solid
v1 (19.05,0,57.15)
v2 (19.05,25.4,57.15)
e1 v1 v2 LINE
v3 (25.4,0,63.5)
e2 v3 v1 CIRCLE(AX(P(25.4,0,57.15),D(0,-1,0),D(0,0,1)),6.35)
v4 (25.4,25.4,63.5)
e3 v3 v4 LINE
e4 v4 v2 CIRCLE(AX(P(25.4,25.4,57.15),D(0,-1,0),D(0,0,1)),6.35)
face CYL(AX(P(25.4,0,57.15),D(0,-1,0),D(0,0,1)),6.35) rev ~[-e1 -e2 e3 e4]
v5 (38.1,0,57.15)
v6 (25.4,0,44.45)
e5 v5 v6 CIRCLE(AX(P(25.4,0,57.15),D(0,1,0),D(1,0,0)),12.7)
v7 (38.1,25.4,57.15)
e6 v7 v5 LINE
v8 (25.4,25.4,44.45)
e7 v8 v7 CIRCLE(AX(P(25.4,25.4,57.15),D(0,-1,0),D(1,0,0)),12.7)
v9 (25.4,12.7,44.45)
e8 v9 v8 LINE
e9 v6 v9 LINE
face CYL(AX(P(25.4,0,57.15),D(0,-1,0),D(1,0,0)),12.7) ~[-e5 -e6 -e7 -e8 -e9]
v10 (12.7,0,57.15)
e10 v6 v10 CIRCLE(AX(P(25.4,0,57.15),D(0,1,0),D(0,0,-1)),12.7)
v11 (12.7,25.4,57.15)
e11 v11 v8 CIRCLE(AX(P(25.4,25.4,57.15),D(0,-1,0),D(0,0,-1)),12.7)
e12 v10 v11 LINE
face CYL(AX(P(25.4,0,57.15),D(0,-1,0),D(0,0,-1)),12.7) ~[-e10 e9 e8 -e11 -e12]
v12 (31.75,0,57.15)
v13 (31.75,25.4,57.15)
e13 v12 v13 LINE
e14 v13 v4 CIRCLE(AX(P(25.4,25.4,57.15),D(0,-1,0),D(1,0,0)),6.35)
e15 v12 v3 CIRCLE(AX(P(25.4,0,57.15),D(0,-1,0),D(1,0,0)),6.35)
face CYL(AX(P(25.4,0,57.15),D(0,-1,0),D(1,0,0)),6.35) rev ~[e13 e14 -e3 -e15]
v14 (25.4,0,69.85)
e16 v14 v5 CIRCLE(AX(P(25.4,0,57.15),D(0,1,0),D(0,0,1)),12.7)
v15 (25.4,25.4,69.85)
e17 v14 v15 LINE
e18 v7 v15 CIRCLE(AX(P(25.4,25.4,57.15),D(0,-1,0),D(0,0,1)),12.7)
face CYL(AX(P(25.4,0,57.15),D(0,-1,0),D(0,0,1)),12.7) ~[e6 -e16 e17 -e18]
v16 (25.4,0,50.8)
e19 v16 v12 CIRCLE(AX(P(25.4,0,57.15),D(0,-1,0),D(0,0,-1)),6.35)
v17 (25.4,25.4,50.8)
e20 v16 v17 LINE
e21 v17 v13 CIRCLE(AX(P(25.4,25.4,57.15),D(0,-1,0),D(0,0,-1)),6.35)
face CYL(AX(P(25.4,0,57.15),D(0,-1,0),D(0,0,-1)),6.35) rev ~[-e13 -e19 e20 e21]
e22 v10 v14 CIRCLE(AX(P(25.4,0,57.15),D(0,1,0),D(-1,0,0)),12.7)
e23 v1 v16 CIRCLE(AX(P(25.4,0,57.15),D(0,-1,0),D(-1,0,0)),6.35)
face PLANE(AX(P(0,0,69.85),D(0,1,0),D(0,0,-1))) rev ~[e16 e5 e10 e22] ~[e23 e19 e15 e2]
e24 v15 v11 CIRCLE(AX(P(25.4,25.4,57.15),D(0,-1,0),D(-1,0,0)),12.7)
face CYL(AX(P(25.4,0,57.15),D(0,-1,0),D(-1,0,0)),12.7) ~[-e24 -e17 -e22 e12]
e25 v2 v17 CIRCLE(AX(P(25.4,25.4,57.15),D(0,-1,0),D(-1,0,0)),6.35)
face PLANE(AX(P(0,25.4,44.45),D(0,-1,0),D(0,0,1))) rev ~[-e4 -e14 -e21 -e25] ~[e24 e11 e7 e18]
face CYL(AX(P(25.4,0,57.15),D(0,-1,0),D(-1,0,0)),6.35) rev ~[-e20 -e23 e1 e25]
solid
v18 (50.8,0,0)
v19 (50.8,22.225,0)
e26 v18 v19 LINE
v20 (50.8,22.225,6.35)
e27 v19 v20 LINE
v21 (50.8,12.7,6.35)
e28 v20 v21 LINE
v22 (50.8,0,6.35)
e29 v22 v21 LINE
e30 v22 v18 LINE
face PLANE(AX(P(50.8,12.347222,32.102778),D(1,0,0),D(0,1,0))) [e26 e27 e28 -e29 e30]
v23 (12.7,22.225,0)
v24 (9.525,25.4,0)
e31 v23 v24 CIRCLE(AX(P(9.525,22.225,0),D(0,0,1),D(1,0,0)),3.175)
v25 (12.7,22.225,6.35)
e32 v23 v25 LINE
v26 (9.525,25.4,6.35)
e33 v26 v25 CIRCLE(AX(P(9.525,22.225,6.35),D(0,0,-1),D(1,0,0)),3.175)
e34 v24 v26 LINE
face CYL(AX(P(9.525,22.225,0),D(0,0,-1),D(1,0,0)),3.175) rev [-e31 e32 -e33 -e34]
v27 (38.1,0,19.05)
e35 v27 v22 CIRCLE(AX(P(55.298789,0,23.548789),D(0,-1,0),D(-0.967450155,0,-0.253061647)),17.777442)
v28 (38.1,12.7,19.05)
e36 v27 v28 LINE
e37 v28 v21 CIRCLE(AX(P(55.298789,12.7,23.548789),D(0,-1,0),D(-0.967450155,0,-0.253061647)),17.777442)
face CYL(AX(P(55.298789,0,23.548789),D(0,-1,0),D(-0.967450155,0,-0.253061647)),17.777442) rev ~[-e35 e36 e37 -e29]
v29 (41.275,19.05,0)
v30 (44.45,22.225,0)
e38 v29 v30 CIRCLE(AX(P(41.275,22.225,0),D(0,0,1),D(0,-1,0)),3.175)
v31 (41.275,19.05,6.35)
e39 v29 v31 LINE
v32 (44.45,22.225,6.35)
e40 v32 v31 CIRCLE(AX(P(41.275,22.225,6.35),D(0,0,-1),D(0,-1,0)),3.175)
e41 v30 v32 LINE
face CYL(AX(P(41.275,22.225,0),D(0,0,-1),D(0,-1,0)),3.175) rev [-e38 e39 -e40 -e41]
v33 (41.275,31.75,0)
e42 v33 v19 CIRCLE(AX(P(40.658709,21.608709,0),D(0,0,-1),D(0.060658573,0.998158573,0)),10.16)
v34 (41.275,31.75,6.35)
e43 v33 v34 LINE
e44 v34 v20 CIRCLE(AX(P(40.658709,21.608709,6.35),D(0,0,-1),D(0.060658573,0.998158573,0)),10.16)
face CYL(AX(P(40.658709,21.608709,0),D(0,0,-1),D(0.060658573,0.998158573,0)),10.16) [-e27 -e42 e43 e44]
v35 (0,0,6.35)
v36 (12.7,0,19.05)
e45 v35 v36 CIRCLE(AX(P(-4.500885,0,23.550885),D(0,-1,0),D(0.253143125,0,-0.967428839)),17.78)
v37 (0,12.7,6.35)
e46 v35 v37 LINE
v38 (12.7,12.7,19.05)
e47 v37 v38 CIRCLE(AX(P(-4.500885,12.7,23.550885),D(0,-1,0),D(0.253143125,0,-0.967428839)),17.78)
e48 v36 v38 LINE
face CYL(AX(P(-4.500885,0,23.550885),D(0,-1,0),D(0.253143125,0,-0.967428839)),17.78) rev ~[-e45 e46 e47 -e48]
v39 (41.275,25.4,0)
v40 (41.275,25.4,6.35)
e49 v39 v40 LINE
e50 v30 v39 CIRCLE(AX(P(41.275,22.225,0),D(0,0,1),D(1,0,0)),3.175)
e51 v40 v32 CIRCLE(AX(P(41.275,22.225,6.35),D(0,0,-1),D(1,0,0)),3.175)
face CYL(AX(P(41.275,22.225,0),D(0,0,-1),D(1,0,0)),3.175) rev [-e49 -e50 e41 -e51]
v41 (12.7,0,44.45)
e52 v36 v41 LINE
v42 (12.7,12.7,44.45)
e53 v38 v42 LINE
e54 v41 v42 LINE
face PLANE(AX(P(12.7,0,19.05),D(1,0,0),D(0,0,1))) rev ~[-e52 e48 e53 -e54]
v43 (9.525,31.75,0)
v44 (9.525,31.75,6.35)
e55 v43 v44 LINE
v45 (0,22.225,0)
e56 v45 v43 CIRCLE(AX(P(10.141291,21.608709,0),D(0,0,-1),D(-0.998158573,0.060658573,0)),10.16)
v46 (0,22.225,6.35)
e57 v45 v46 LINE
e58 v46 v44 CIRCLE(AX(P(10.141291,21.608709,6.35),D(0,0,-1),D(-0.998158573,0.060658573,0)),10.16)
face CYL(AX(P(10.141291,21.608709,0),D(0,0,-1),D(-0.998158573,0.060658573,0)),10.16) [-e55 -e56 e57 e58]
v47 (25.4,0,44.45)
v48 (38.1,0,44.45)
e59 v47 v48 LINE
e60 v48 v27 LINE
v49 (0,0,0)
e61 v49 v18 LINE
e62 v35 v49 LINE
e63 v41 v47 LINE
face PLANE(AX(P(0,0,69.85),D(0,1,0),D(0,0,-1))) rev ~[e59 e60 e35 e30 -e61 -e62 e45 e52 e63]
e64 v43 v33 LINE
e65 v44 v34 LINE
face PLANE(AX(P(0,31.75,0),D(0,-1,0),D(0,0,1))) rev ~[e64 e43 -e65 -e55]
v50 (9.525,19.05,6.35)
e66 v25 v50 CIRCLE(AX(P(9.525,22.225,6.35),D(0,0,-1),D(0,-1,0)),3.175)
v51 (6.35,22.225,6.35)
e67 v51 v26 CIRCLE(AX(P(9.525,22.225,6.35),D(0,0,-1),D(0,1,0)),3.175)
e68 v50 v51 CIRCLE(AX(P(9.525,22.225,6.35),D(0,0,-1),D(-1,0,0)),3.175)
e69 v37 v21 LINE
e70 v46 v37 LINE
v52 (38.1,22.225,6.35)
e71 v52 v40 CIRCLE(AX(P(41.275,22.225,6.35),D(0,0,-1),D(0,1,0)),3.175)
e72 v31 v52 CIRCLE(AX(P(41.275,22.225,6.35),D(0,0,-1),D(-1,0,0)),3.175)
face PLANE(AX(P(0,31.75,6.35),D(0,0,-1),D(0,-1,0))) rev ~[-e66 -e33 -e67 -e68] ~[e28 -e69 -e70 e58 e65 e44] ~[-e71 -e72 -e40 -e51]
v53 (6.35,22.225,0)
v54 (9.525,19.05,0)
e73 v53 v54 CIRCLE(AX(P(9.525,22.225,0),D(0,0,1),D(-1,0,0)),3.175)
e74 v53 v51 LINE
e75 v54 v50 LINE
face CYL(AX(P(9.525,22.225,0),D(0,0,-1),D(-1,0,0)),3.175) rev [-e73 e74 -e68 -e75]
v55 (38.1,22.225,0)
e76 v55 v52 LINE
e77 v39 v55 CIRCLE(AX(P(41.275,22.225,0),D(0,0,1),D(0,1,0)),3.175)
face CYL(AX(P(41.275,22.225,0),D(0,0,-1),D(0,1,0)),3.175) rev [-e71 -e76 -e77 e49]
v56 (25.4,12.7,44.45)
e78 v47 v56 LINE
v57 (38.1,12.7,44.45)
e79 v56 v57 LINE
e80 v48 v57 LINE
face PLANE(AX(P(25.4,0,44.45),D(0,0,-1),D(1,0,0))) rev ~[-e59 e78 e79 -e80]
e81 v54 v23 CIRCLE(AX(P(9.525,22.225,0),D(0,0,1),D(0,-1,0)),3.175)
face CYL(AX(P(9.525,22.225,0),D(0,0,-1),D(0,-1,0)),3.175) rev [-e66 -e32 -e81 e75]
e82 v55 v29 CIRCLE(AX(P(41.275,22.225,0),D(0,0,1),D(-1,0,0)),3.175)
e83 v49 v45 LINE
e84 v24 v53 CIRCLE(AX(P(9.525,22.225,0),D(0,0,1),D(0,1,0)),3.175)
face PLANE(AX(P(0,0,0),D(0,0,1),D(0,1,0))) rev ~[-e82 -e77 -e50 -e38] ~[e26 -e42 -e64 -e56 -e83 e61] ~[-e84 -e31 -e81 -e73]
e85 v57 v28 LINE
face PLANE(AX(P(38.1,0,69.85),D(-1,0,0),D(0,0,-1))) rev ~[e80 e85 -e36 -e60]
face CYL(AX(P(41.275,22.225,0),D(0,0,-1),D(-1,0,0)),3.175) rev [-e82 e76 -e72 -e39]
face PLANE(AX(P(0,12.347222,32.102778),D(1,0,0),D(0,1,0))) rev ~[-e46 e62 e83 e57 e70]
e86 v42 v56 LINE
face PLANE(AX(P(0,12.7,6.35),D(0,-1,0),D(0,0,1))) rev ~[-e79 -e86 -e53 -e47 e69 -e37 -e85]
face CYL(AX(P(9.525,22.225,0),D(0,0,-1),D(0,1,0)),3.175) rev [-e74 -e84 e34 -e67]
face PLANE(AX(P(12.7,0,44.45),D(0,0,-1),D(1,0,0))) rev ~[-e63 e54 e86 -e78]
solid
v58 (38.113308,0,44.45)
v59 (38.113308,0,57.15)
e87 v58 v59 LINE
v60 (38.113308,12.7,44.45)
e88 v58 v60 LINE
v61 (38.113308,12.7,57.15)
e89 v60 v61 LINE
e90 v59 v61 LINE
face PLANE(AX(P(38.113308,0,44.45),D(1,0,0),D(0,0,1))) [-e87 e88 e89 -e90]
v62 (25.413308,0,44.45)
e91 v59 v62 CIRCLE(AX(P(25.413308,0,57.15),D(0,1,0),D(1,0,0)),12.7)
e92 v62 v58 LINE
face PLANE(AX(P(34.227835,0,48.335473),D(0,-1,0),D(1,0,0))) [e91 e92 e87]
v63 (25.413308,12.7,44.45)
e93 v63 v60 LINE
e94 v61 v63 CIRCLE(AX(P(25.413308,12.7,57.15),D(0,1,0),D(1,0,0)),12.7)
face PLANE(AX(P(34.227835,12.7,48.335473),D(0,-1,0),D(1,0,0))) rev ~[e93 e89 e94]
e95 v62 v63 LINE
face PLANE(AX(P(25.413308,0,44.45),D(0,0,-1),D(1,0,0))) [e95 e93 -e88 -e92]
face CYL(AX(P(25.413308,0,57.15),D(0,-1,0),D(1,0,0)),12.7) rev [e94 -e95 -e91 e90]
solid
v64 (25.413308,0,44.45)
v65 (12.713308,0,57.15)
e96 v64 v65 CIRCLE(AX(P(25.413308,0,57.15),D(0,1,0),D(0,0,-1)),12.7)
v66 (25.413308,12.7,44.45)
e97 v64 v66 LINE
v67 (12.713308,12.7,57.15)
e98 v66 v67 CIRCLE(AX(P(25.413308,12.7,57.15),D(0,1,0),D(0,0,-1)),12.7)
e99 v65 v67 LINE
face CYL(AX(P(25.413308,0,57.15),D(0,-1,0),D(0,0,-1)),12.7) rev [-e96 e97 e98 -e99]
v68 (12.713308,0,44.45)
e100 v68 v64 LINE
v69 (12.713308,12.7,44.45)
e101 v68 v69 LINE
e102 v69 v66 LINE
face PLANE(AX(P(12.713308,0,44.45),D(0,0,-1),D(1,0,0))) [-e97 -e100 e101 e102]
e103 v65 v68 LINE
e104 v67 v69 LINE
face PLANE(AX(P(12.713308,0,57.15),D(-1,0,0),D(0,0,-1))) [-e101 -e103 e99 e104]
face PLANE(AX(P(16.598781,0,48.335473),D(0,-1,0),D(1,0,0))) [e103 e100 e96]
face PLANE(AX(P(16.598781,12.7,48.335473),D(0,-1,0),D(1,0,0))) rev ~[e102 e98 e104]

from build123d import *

# Parameters (mm, degrees)
F1_DEPTH = 50.8
F2_W     = 12.7
F2_H     = 25.4
F3_DEPTH = 31.751
F5_DEPTH = 31.751
F7_DEPTH = 12.7
F9_DEPTH = 69.851


with BuildPart() as f1:
    # F0 (on Right) → F1 (new body)
    with BuildSketch(Plane.YZ):
        Polygon((0, 69.85), (0, 0), (31.75, 0), (31.75, 6.35), (12.7, 6.35), (12.7, 44.45), (25.4, 44.45), (25.4, 69.85), align=None)
    extrude(amount=F1_DEPTH)

    # F2 (on Front) → F3 (cut, through all)
    with BuildSketch(Plane.XZ):
        with Locations((44.45, 31.75)):
            Rectangle(F2_W, F2_H)
        with Locations((44.45, 57.15)):
            Rectangle(F2_W, F2_H)
        with BuildLine():
            ThreePointArc((0, 6.35), (8.0714738129, 10.9785261871), (12.7, 19.05))
            Line((12.7, 19.05), (0, 19.05))
            Line((0, 19.05), (0, 6.35))
        make_face()
        with Locations((6.35, 31.75)):
            Rectangle(F2_W, F2_H)
        with BuildLine():
            Line((50.8, 19.05), (38.1, 19.05))
            ThreePointArc((38.1, 19.05), (42.7282391346, 10.9782391346), (50.8, 6.35))
            Line((50.8, 6.35), (50.8, 19.05))
        make_face()
        with Locations((6.35, 57.15)):
            Rectangle(F2_W, F2_H)
    extrude(amount=-F3_DEPTH, mode=Mode.SUBTRACT)

    # F4 (on Front) → F5 (cut, through all)
    with BuildSketch(Plane.XZ):
        with BuildLine():
            Line((38.1, 69.85), (25.4, 69.85))
            ThreePointArc((25.4, 69.85), (34.3802561211, 66.1302561211), (38.1, 57.15))
            Line((38.1, 57.15), (38.1, 69.85))
        make_face()
        with BuildLine():
            ThreePointArc((12.7, 57.15), (16.4197438789, 66.1302561211), (25.4, 69.85))
            Line((25.4, 69.85), (12.7, 69.85))
            Line((12.7, 69.85), (12.7, 57.15))
        make_face()
        with BuildLine():
            ThreePointArc((25.4, 44.45), (16.4197438789, 48.1697438789), (12.7, 57.15))
            Line((12.7, 57.15), (12.7, 44.45))
            Line((12.7, 44.45), (25.4, 44.45))
        make_face()
        with BuildLine():
            Line((38.1, 44.45), (38.1, 57.15))
            ThreePointArc((38.1, 57.15), (34.3802561211, 48.1697438789), (25.4, 44.45))
            Line((25.4, 44.45), (38.1, 44.45))
        make_face()
        with BuildLine():
            Line((25.4, 50.8), (25.4, 57.15))
            Line((25.4, 57.15), (19.05, 57.15))
            ThreePointArc((19.05, 57.15), (20.9098719395, 52.6598719395), (25.4, 50.8))
        make_face()
        with BuildLine():
            Line((31.75, 57.15), (25.4, 57.15))
            Line((25.4, 57.15), (25.4, 50.8))
            ThreePointArc((25.4, 50.8), (29.8901280605, 52.6598719395), (31.75, 57.15))
        make_face()
        with BuildLine():
            ThreePointArc((31.75, 57.15), (29.8901280605, 61.6401280605), (25.4, 63.5))
            Line((25.4, 63.5), (25.4, 57.15))
            Line((25.4, 57.15), (31.75, 57.15))
        make_face()
        with BuildLine():
            Line((25.4, 57.15), (25.4, 63.5))
            ThreePointArc((25.4, 63.5), (20.9098719395, 61.6401280605), (19.05, 57.15))
            Line((19.05, 57.15), (25.4, 57.15))
        make_face()
    extrude(amount=-F5_DEPTH, mode=Mode.SUBTRACT)

    # F8 (on Top) → F9 (cut, through all)
    with BuildSketch(Plane.XY):
        with BuildLine():
            ThreePointArc((6.35, 22.225), (7.2799359697, 19.9799359697), (9.525, 19.05))
            Line((9.525, 19.05), (9.525, 22.225))
            Line((9.525, 22.225), (6.35, 22.225))
        make_face()
        with BuildLine():
            Line((9.525, 25.4), (9.525, 22.225))
            Line((9.525, 22.225), (12.7, 22.225))
            ThreePointArc((12.7, 22.225), (11.7700640303, 24.4700640303), (9.525, 25.4))
        make_face()
        with BuildLine():
            Line((38.1, 22.225), (41.275, 22.225))
            Line((41.275, 22.225), (41.275, 25.4))
            ThreePointArc((41.275, 25.4), (39.0299359697, 24.4700640303), (38.1, 22.225))
        make_face()
        with BuildLine():
            Line((41.275, 22.225), (41.275, 19.05))
            ThreePointArc((41.275, 19.05), (43.5200640303, 19.9799359697), (44.45, 22.225))
            Line((44.45, 22.225), (41.275, 22.225))
        make_face()
        with BuildLine():
            Line((6.35, 22.225), (9.525, 22.225))
            Line((9.525, 22.225), (9.525, 25.4))
            ThreePointArc((9.525, 25.4), (7.2799359697, 24.4700640303), (6.35, 22.225))
        make_face()
        with BuildLine():
            Line((9.525, 22.225), (9.525, 19.05))
            ThreePointArc((9.525, 19.05), (11.7700640303, 19.9799359697), (12.7, 22.225))
            Line((12.7, 22.225), (9.525, 22.225))
        make_face()
        with BuildLine():
            ThreePointArc((38.1, 22.225), (39.0299359697, 19.9799359697), (41.275, 19.05))
            Line((41.275, 19.05), (41.275, 22.225))
            Line((41.275, 22.225), (38.1, 22.225))
        make_face()
        with BuildLine():
            Line((41.275, 25.4), (41.275, 22.225))
            Line((41.275, 22.225), (44.45, 22.225))
            ThreePointArc((44.45, 22.225), (43.5200640303, 24.4700640303), (41.275, 25.4))
        make_face()
        with BuildLine():
            Line((0, 31.75), (0, 22.225))
            ThreePointArc((0, 22.225), (2.957086208, 28.792913792), (9.525, 31.75))
            Line((9.525, 31.75), (0, 31.75))
        make_face()
        with BuildLine():
            ThreePointArc((41.275, 31.75), (47.842913792, 28.792913792), (50.8, 22.225))
            Line((50.8, 22.225), (50.8, 31.75))
            Line((50.8, 31.75), (41.275, 31.75))
        make_face()
    extrude(amount=F9_DEPTH, mode=Mode.SUBTRACT)


with BuildPart() as f7:
    # F6 (on Front) → F7 (new body)
    with BuildSketch(Plane.XZ):
        with BuildLine():
            ThreePointArc((25.413307827, 44.45), (16.4330517059, 48.1697438789), (12.713307827, 57.15))
            Line((12.713307827, 57.15), (12.713307827, 44.45))
            Line((12.713307827, 44.45), (25.413307827, 44.45))
        make_face()
    extrude(amount=-F7_DEPTH)


with BuildPart() as f7b:
    # F6 (on Front) → F7, piece 2 (new body)
    with BuildSketch(Plane.XZ):
        with BuildLine():
            Line((38.113307827, 44.45), (38.113307827, 57.15))
            ThreePointArc((38.113307827, 57.15), (34.393563948, 48.1697438789), (25.413307827, 44.45))
            Line((25.413307827, 44.45), (38.113307827, 44.45))
        make_face()
    extrude(amount=-F7_DEPTH)


solid = Compound([f1.part, f7.part, f7b.part])
